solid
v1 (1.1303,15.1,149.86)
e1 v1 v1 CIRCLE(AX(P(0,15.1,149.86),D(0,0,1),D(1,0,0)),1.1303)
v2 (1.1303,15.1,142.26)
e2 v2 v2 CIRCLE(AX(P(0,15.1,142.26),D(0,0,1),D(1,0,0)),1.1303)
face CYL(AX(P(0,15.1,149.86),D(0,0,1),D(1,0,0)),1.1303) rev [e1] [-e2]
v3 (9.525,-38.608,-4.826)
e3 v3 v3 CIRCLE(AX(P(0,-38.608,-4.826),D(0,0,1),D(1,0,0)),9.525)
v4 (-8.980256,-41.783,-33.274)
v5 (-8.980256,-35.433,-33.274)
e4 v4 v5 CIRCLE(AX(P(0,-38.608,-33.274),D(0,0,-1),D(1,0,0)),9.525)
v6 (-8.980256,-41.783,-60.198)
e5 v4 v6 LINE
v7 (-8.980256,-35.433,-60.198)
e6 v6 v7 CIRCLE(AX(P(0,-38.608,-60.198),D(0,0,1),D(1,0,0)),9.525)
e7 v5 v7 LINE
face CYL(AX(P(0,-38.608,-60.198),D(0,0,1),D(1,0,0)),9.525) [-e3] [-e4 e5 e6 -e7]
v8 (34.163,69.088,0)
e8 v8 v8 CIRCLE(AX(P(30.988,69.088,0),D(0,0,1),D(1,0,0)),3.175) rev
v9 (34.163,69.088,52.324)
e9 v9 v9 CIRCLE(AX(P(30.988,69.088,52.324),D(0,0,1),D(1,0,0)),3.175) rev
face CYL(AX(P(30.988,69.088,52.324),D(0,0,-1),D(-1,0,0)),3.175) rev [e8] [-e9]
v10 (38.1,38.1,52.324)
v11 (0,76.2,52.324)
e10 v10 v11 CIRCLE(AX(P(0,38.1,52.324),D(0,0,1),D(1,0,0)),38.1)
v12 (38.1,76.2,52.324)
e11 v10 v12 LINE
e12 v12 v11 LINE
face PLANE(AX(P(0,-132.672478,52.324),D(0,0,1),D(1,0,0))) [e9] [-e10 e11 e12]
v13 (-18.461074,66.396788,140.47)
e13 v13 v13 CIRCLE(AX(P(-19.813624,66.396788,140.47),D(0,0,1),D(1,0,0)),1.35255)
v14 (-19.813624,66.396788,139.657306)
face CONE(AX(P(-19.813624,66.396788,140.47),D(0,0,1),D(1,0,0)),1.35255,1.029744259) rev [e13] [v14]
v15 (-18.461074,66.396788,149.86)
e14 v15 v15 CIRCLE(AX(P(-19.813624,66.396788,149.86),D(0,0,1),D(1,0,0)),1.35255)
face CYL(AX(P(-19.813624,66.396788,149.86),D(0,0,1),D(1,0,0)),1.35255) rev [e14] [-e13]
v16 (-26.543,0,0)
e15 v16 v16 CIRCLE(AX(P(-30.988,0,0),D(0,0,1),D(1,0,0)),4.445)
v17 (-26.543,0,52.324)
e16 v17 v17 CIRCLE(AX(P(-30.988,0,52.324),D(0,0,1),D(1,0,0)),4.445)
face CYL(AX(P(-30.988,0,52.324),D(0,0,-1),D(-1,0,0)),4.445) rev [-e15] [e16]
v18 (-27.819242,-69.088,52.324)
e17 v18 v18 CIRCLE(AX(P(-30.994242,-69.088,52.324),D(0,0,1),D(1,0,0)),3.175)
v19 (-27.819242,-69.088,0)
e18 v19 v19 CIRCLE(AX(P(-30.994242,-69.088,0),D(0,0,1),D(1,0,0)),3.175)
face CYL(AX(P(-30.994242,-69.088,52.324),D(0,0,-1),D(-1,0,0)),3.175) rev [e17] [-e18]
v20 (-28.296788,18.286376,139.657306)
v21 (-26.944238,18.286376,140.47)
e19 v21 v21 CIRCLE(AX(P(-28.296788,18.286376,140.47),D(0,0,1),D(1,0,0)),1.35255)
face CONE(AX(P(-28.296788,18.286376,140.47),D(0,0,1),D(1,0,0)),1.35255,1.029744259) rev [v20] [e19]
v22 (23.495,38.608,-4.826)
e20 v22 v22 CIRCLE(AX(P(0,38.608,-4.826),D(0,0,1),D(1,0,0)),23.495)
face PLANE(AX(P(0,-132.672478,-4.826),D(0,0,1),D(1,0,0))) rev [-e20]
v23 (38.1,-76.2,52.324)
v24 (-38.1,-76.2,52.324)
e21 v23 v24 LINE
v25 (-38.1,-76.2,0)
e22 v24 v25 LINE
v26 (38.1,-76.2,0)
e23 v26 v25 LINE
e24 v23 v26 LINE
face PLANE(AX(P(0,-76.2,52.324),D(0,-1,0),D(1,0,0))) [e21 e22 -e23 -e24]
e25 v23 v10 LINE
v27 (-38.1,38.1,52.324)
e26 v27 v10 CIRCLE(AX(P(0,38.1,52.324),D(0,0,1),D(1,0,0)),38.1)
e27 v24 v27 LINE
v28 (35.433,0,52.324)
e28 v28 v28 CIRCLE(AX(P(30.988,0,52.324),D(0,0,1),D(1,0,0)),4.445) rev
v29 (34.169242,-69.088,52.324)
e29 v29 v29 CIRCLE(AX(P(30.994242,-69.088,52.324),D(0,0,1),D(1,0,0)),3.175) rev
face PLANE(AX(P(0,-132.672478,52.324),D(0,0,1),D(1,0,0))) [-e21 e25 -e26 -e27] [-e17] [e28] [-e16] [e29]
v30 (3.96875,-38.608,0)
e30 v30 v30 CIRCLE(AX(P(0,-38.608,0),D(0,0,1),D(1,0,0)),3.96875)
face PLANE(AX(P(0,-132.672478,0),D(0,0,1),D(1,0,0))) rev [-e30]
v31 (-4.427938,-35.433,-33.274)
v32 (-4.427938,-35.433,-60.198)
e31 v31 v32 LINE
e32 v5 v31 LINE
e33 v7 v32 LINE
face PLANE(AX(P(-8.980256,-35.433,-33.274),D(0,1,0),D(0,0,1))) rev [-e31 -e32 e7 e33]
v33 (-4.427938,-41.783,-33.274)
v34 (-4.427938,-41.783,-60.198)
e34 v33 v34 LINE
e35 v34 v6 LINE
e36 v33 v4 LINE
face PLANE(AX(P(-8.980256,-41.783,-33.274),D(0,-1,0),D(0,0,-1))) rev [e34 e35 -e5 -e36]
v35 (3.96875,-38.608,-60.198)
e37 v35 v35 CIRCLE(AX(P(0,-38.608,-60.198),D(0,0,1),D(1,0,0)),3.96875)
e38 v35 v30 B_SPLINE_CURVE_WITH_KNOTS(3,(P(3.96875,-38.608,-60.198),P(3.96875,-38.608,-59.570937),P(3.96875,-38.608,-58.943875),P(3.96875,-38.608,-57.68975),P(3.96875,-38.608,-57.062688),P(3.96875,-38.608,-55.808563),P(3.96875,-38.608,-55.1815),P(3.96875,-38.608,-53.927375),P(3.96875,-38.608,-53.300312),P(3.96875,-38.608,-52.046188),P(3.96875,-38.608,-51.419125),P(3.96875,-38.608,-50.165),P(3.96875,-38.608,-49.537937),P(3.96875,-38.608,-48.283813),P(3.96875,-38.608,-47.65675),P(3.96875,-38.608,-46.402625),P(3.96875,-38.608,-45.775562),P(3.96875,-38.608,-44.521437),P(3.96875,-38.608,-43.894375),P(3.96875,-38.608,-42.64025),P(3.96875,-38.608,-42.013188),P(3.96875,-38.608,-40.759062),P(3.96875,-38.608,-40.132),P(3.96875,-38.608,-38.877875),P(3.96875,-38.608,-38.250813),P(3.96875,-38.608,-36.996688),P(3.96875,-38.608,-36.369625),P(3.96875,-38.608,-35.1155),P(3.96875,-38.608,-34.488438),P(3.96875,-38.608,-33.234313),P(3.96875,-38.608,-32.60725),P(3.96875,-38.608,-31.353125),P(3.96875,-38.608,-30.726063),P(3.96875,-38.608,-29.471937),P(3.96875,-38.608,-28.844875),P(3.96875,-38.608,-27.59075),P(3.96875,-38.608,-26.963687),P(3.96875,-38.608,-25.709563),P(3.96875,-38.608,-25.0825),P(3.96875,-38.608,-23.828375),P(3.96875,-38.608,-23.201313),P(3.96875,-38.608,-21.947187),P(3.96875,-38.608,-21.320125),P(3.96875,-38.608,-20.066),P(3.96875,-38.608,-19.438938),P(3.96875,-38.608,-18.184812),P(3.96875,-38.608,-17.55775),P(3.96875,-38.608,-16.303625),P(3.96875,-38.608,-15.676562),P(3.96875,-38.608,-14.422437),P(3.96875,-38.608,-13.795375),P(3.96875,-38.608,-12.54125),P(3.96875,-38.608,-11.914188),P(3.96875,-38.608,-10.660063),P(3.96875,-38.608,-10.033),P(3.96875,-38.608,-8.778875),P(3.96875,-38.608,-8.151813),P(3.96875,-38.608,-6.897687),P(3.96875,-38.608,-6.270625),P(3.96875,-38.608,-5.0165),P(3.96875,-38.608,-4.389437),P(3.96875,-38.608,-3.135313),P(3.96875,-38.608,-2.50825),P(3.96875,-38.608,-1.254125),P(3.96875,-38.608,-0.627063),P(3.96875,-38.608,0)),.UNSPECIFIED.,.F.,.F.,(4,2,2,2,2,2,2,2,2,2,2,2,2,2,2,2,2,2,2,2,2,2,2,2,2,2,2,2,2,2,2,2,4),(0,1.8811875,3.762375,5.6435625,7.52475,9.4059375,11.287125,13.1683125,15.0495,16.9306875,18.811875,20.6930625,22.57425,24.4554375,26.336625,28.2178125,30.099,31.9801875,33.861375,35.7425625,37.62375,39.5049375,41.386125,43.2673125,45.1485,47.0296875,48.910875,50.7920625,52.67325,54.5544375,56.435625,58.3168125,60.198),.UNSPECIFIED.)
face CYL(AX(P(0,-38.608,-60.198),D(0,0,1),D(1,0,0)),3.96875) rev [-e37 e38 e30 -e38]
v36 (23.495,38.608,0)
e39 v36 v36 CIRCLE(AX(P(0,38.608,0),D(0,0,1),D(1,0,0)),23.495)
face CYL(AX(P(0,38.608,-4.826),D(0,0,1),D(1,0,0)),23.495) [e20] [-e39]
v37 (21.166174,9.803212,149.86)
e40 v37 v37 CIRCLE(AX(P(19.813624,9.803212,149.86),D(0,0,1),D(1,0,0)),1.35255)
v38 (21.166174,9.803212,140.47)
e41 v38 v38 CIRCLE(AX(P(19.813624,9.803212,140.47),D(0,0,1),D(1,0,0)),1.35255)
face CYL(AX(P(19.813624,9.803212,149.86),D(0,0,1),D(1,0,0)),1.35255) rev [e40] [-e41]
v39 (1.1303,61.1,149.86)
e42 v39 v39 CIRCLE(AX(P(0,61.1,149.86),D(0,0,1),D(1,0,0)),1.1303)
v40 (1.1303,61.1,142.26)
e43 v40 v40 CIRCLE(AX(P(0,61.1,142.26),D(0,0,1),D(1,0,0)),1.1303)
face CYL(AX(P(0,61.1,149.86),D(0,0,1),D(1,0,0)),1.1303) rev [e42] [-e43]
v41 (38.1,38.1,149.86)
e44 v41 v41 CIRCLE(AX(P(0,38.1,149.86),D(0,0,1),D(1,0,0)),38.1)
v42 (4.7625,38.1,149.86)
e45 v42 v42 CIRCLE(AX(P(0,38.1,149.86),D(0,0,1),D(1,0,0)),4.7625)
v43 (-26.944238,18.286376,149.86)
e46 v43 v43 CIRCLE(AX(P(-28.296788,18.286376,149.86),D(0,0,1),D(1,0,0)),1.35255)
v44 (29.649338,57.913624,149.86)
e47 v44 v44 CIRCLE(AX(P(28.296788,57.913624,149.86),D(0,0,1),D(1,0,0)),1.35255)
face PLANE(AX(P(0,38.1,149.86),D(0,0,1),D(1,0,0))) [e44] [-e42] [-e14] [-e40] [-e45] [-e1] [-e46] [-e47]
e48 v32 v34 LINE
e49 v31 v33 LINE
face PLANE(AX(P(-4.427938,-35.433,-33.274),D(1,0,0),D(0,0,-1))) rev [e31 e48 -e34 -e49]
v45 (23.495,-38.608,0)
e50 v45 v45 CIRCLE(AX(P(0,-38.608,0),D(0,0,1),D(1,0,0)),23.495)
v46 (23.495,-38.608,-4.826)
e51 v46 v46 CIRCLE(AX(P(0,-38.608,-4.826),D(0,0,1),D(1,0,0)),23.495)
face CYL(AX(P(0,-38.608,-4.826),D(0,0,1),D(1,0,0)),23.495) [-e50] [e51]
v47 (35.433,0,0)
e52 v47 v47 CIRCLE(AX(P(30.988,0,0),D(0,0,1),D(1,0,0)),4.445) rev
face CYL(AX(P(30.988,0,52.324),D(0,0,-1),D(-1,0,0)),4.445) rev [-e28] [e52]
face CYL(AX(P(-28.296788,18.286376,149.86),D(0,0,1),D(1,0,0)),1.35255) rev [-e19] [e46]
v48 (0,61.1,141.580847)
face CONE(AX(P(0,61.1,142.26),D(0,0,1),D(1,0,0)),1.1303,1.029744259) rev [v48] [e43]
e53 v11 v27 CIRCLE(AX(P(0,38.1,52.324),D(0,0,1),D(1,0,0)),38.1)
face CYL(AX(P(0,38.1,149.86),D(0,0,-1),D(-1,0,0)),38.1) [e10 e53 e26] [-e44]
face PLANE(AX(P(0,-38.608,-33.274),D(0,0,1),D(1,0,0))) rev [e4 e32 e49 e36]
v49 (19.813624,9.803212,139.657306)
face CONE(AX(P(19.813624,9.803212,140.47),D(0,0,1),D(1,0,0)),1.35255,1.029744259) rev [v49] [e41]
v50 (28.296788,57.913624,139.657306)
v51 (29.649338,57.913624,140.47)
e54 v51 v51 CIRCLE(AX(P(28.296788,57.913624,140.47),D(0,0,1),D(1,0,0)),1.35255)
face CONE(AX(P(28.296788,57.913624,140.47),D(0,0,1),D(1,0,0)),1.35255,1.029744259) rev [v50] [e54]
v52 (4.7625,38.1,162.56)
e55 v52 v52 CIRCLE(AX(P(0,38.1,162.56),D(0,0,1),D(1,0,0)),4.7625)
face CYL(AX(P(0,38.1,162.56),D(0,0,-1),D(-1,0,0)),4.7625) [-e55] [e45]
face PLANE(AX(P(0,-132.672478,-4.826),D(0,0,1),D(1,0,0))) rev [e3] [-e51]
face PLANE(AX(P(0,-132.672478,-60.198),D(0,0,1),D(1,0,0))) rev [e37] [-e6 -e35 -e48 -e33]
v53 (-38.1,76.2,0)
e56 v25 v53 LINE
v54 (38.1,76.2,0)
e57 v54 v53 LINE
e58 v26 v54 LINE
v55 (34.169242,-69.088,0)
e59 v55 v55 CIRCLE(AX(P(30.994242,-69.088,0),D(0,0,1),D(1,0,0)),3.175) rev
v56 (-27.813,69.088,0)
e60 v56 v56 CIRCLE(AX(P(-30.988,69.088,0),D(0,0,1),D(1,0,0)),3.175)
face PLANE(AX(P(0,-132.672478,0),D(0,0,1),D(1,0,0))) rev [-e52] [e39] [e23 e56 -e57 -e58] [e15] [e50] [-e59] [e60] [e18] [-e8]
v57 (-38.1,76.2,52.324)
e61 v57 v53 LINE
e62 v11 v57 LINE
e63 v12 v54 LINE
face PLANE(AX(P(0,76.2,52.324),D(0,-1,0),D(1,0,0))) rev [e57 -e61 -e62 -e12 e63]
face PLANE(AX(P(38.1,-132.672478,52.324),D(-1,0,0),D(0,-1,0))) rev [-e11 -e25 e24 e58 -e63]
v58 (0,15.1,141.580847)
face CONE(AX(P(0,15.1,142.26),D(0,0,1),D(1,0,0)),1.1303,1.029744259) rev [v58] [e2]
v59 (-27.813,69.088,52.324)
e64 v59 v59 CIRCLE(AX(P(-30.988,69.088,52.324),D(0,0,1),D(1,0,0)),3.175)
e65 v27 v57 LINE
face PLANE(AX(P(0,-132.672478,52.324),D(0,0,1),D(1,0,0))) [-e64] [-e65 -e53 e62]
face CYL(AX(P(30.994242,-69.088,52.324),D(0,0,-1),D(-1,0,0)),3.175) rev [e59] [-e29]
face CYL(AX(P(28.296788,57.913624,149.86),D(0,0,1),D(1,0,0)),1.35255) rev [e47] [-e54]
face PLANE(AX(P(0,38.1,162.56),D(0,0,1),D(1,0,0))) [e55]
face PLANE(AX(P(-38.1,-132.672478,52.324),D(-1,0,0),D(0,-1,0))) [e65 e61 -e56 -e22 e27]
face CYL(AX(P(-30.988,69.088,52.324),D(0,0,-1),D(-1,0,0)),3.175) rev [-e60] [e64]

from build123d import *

# Parameters (mm, degrees)
SKETCH1_W                 = 76.2
SKETCH1_H                 = 152.4
SKETCH1_R                 = 3.175
SKETCH1_R_2               = 4.445
BOSS_EXTRUDE1_DEPTH       = 52.324
SKETCH1_3_R               = 23.495
SKETCH1_3_R_2             = 9.525
BOSS_EXTRUDE2_DEPTH       = 4.826
SKETCH1_5_R               = 9.525
SKETCH1_5_R_2             = 3.96875
BOSS_EXTRUDE3_DEPTH       = 60.198
CUT_EXTRUDE1_START        = -26.924
CUT_EXTRUDE1_DEPTH        = 26.924
SKETCH4_R                 = 38.1
BOSS_EXTRUDE4_DEPTH       = 97.536
SKETCH5_R                 = 4.7625
BOSS_EXTRUDE5_DEPTH       = 12.7
F_4_40_TAPPED_HOLE1_D     = 2.2606
F_4_40_TAPPED_HOLE1_DEPTH = 7.6
F_4_40_TAPPED_HOLE1_TIP   = 0.679152758
F_6_32_TAPPED_HOLE1_D     = 2.7051
F_6_32_TAPPED_HOLE1_DEPTH = 9.39
F_6_32_TAPPED_HOLE1_TIP   = 0.81269403


with BuildPart() as part:
    # Sketch1 → Boss-Extrude1 (new body)
    with BuildSketch(Plane.XY):
        Rectangle(SKETCH1_W, SKETCH1_H)
        with Locations((-30.994242086, -69.088)):
            Circle(SKETCH1_R, mode=Mode.SUBTRACT)
        with Locations((-30.988, 0)):
            Circle(SKETCH1_R_2, mode=Mode.SUBTRACT)
        with Locations((30.994242086, -69.088)):
            Circle(SKETCH1_R, mode=Mode.SUBTRACT)
        with Locations((30.988, 0)):
            Circle(SKETCH1_R_2, mode=Mode.SUBTRACT)
        with Locations((-30.988, 69.088)):
            Circle(SKETCH1_R, mode=Mode.SUBTRACT)
        with Locations((30.988, 69.088)):
            Circle(SKETCH1_R, mode=Mode.SUBTRACT)
    extrude(amount=BOSS_EXTRUDE1_DEPTH)

    # Sketch1<3> → Boss-Extrude2 (add)
    # profile 1 of 2: a face of its own
    with BuildSketch(Plane.XY):
        with Locations((0, 38.608)):
            Circle(SKETCH1_3_R)
    # profile 2 of 2: a face of its own
    with BuildSketch(Plane.XY):
        with Locations((0, -38.608)):
            Circle(SKETCH1_3_R)
        with Locations((0, -38.608)):
            Circle(SKETCH1_3_R_2, mode=Mode.SUBTRACT)
    extrude(amount=-BOSS_EXTRUDE2_DEPTH)

    # Sketch1<5> → Boss-Extrude3 (add)
    with BuildSketch(Plane.XY):
        with Locations((0, -38.608)):
            Circle(SKETCH1_5_R)
        with Locations((0, -38.608)):
            Circle(SKETCH1_5_R_2, mode=Mode.SUBTRACT)
    extrude(amount=-BOSS_EXTRUDE3_DEPTH)

    # Sketch2 → Cut-Extrude1 (cut)
    with BuildSketch(Plane(origin=(0, 0, -60.198), x_dir=(-1, 0, 0), z_dir=(0, 0, -1)).offset(CUT_EXTRUDE1_START)):
        with BuildLine():
            Line((8.980256121, -35.433), (4.427938354, -35.433))
            Line((4.427938354, -35.433), (4.427938354, -41.783))
            Line((4.427938354, -41.783), (8.980256121, -41.783))
            ThreePointArc((8.980256121, -41.783), (9.525, -38.608), (8.980256121, -35.433))
        make_face()
    extrude(amount=CUT_EXTRUDE1_DEPTH, mode=Mode.SUBTRACT)

    # Sketch4 → Boss-Extrude4 (add)
    with BuildSketch(Plane.XY.offset(52.324)):
        with Locations((0, 38.1)):
            Circle(SKETCH4_R)
    extrude(amount=BOSS_EXTRUDE4_DEPTH)

    # Sketch5 → Boss-Extrude5 (add)
    with BuildSketch(Plane.XY.offset(149.86)):
        with Locations((0, 38.1)):
            Circle(SKETCH5_R)
    extrude(amount=BOSS_EXTRUDE5_DEPTH)

    # #4-40 Tapped Hole1
    with Locations(Plane.XY.offset(149.86)):
        with Locations((0, 61.1), (0, 15.1)):
            Hole(F_4_40_TAPPED_HOLE1_D / 2, depth=F_4_40_TAPPED_HOLE1_DEPTH)
            with Locations((0, 0, -(F_4_40_TAPPED_HOLE1_DEPTH + F_4_40_TAPPED_HOLE1_TIP / 2))):  # 118° drill point
                Cone(0, F_4_40_TAPPED_HOLE1_D / 2, F_4_40_TAPPED_HOLE1_TIP, mode=Mode.SUBTRACT)

    # #6-32 Tapped Hole1
    with Locations(Plane.XY.offset(149.86)):
        with Locations((28.296788218, 57.913624417), (19.813624417, 9.803211782), (-28.296788218, 18.286375583), (-19.813624417, 66.396788218)):
            Hole(F_6_32_TAPPED_HOLE1_D / 2, depth=F_6_32_TAPPED_HOLE1_DEPTH)
            with Locations((0, 0, -(F_6_32_TAPPED_HOLE1_DEPTH + F_6_32_TAPPED_HOLE1_TIP / 2))):  # 118° drill point
                Cone(0, F_6_32_TAPPED_HOLE1_D / 2, F_6_32_TAPPED_HOLE1_TIP, mode=Mode.SUBTRACT)


solid = part.part
